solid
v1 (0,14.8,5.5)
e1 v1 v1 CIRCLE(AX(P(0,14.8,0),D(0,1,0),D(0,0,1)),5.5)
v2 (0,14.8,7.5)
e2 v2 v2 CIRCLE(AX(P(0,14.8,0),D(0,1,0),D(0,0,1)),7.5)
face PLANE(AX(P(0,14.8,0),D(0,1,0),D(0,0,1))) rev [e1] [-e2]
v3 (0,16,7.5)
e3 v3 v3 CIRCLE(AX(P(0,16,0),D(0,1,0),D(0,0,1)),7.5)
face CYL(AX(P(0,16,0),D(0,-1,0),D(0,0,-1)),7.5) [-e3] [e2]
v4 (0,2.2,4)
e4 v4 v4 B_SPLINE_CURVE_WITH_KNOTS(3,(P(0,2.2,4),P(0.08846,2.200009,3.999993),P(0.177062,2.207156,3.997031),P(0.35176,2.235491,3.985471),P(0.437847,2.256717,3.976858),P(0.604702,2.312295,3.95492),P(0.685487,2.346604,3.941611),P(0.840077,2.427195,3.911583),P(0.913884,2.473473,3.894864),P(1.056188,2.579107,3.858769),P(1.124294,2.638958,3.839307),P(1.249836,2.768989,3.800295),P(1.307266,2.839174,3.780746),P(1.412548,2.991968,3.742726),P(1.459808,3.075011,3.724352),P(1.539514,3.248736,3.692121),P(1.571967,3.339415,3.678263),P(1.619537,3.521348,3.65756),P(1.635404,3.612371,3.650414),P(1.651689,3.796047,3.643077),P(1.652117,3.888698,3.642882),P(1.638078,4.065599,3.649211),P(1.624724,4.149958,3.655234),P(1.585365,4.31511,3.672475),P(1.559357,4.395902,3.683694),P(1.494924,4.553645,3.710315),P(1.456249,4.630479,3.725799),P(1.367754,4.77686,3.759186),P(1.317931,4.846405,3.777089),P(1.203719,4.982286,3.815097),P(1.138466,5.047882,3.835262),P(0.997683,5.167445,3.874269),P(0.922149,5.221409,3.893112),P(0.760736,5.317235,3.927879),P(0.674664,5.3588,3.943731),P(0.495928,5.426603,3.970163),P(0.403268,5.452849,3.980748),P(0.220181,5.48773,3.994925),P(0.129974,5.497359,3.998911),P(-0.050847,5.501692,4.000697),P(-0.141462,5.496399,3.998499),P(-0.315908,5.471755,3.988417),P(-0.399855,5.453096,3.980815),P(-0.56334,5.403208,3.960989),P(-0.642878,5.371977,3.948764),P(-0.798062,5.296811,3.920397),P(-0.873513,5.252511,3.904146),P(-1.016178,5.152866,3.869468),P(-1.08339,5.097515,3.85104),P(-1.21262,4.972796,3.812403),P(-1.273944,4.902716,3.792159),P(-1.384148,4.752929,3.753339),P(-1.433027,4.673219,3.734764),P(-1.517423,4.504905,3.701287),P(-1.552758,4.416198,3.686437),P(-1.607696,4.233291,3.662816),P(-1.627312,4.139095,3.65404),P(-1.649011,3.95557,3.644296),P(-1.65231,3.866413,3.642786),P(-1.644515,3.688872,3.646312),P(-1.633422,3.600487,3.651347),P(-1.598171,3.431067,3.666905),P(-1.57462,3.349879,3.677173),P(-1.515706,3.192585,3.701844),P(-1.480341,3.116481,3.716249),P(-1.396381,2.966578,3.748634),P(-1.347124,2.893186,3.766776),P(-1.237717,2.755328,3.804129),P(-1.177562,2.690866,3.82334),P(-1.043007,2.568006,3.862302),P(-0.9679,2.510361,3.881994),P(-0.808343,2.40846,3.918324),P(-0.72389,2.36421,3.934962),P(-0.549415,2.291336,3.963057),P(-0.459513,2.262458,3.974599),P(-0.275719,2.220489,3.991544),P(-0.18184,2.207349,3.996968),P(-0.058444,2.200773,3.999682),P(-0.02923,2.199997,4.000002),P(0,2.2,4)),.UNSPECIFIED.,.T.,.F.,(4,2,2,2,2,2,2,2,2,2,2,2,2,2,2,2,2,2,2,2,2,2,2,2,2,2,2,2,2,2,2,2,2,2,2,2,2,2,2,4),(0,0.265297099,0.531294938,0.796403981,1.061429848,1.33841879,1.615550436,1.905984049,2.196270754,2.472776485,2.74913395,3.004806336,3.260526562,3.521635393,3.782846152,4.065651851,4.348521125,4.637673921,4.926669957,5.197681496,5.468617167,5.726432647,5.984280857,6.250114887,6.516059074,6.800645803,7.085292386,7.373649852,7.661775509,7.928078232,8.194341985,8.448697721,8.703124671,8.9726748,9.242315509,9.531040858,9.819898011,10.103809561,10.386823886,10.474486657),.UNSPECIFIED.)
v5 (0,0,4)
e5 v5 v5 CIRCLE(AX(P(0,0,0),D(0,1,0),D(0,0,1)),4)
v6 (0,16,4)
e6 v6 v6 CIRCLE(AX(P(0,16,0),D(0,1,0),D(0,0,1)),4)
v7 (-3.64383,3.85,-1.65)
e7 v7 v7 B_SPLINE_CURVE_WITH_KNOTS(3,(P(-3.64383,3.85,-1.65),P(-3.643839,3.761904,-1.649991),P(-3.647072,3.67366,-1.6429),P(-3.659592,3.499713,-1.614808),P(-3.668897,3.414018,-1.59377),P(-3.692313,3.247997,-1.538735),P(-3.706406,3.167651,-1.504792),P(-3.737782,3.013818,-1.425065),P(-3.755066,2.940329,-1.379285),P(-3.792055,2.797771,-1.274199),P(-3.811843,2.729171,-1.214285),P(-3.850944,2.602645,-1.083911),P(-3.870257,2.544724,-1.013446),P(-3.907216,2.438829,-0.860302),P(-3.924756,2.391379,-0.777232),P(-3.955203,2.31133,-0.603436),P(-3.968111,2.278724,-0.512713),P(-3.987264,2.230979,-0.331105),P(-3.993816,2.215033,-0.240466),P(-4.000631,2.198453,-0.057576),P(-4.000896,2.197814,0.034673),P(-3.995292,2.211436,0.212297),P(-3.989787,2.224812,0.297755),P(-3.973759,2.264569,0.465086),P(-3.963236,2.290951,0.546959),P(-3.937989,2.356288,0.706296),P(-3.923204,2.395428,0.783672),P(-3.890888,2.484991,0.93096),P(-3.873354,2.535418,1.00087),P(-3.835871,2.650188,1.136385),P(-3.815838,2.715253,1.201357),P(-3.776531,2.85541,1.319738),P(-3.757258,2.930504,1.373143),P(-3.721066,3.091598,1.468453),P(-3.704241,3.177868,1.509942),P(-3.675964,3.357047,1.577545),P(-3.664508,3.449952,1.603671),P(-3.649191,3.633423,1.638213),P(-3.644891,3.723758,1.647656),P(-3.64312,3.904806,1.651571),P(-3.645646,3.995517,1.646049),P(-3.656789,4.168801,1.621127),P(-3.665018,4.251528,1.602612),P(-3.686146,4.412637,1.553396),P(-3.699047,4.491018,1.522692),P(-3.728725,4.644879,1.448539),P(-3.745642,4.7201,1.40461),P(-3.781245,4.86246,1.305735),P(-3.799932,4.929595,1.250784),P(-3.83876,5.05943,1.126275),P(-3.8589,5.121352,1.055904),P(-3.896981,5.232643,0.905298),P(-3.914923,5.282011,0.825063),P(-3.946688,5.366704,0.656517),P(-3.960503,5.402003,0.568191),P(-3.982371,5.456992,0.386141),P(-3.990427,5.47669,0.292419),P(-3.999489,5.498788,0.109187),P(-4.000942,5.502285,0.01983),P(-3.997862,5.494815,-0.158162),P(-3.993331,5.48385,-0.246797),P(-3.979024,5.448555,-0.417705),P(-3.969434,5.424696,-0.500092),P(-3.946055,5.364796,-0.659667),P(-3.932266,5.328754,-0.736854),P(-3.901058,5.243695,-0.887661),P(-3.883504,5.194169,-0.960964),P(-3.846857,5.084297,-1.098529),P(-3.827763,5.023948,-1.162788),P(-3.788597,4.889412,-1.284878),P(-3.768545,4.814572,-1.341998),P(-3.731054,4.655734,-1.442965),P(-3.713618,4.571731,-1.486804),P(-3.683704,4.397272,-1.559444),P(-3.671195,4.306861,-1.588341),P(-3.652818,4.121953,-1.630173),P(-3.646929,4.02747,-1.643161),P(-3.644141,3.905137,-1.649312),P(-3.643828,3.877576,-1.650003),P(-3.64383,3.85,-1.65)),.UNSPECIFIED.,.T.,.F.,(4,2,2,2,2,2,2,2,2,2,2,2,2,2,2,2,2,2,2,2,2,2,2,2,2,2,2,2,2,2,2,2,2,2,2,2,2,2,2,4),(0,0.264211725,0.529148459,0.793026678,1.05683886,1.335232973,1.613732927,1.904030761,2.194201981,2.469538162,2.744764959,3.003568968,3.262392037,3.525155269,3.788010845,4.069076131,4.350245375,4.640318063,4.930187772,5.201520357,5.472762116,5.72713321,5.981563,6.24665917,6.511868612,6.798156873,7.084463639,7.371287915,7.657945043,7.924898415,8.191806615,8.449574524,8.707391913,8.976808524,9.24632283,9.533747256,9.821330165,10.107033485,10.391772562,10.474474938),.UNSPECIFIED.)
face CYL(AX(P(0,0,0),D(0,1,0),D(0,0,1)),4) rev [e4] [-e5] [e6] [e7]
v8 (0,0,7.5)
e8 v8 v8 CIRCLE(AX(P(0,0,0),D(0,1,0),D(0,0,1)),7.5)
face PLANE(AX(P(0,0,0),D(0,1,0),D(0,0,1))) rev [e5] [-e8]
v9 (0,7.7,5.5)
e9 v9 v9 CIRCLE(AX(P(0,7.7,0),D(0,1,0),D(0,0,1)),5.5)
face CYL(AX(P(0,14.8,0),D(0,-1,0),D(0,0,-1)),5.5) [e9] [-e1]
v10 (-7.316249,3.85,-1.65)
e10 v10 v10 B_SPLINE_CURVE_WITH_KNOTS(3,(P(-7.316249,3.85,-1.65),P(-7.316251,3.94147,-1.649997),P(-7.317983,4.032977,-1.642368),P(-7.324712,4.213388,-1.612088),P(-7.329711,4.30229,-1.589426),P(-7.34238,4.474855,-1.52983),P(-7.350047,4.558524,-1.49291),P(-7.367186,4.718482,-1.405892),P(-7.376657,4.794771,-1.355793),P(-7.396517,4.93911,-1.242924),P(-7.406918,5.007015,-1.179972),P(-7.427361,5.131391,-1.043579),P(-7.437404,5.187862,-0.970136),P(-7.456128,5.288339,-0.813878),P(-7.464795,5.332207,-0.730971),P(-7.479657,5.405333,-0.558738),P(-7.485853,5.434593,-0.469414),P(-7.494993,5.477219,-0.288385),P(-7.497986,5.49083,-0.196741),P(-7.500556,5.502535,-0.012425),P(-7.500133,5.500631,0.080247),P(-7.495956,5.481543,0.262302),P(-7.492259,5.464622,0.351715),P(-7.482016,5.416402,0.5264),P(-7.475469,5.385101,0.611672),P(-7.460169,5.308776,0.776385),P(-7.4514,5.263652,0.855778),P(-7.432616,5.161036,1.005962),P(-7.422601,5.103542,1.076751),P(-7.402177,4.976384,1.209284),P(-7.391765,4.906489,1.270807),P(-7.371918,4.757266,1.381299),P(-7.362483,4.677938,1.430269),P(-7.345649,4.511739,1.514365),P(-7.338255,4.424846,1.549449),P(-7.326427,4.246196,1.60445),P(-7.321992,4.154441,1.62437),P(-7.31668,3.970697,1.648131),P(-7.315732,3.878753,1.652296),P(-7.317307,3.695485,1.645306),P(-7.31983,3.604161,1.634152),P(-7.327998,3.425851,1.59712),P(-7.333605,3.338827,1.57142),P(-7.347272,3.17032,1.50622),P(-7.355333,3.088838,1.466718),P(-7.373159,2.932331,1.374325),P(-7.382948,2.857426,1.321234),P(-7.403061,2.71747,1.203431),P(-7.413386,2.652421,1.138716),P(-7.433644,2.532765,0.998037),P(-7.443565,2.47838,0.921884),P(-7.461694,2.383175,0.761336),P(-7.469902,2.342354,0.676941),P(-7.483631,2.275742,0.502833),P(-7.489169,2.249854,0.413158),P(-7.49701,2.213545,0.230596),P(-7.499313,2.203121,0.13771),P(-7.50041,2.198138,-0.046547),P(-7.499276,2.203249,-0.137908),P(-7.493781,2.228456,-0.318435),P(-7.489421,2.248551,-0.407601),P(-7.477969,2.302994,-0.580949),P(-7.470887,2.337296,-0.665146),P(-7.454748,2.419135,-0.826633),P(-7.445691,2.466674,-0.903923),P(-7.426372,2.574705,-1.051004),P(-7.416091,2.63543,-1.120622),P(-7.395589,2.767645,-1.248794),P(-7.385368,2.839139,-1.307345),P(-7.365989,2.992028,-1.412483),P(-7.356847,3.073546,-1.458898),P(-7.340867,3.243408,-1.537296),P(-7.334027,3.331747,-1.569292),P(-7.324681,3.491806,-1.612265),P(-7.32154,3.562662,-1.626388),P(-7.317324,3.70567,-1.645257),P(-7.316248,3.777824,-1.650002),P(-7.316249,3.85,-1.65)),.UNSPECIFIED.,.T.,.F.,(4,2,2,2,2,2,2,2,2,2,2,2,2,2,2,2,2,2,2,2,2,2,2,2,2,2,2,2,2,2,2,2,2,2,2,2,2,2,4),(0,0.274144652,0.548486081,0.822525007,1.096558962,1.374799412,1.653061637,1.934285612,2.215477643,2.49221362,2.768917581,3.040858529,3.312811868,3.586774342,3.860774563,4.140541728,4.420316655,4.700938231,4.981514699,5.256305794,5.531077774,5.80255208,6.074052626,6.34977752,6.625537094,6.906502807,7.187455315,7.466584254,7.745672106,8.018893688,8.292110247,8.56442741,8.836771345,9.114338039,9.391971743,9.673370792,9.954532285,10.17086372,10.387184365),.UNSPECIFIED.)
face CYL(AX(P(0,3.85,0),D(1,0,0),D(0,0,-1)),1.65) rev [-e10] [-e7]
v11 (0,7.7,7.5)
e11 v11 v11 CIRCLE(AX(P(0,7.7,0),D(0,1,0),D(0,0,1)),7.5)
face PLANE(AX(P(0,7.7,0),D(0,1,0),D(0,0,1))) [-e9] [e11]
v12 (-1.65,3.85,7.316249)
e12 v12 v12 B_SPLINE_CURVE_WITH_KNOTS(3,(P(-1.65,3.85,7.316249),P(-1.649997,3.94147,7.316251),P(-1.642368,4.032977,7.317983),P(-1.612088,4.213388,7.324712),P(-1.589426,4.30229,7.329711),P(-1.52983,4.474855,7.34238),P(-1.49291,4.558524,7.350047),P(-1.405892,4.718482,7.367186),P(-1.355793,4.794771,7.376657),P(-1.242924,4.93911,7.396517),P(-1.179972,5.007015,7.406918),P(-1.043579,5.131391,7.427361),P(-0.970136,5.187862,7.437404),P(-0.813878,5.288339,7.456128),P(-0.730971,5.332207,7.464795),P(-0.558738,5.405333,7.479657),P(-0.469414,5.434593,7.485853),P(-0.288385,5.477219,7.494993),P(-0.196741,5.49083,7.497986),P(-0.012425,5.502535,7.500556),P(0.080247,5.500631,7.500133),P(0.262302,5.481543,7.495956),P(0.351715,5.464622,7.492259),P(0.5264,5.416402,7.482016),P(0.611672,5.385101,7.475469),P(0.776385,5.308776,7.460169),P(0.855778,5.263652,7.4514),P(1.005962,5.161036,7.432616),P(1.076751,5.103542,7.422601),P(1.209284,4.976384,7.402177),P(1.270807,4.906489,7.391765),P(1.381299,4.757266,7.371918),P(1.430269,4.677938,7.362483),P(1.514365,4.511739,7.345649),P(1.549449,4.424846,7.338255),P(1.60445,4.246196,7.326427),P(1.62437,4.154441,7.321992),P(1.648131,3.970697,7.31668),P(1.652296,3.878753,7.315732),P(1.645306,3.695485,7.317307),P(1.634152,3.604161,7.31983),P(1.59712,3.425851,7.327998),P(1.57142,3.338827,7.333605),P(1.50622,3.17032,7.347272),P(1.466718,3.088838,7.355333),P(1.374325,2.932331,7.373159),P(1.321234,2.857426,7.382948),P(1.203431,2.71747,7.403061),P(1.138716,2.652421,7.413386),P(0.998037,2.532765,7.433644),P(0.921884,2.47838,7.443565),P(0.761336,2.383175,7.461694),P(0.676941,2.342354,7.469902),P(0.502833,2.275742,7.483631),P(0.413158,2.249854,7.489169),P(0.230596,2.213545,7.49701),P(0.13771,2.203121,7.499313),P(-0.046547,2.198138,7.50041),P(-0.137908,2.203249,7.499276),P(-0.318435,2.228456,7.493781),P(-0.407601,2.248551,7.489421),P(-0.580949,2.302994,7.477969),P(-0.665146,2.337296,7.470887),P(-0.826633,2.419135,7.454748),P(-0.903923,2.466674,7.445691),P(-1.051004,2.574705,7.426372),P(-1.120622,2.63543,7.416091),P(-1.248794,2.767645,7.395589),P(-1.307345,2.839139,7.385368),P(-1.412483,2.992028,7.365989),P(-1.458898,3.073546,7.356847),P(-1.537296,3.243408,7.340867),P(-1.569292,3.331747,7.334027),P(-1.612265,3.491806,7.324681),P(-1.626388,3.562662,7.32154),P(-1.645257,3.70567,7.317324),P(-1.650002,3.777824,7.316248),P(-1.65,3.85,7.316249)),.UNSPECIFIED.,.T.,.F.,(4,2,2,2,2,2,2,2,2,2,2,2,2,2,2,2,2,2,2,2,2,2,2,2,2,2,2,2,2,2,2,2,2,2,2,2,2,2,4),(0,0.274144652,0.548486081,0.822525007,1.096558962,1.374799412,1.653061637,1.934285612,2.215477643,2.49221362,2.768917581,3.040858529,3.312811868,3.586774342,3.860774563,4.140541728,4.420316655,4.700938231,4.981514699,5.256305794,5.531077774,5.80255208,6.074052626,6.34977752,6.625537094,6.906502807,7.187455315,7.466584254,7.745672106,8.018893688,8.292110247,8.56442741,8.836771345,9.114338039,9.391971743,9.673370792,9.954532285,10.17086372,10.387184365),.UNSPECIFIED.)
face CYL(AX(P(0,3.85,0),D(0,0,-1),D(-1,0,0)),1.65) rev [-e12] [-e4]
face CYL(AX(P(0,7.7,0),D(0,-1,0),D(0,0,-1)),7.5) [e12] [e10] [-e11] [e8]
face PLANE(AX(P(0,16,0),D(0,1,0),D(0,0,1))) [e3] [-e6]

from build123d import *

# Parameters (mm, degrees)
CROQUIS1_R              = 7.5
SALIENTE_EXTRUIR1_DEPTH = 7.7
CROQUIS2_R              = 5.5
SALIENTE_EXTRUIR2_DEPTH = 7.1
CROQUIS3_R              = 7.5
SALIENTE_EXTRUIR3_DEPTH = 1.2
CROQUIS4_R              = 4
CORTAR_EXTRUIR1_DEPTH   = 17
CROQUIS5_W              = 1.65
CROQUIS5_H              = 7.501
MATRIZC1_COUNT          = 2
MATRIZC1_ANGLE          = 90


with BuildPart() as part:
    # Croquis1 → Saliente-Extruir1 (new body)
    with BuildSketch(Plane(origin=(0, 0, 0), x_dir=(1, 0, 0), z_dir=(0, 1, 0))):
        Circle(CROQUIS1_R)
    extrude(amount=SALIENTE_EXTRUIR1_DEPTH)

    # Croquis2 → Saliente-Extruir2 (add)
    with BuildSketch(Plane(origin=(0, 7.7, 0), x_dir=(1, 0, 0), z_dir=(0, 1, 0))):
        Circle(CROQUIS2_R)
    extrude(amount=SALIENTE_EXTRUIR2_DEPTH)

    # Croquis3 → Saliente-Extruir3 (add)
    with BuildSketch(Plane(origin=(0, 14.8, 0), x_dir=(1, 0, 0), z_dir=(0, 1, 0))):
        Circle(CROQUIS3_R)
    extrude(amount=SALIENTE_EXTRUIR3_DEPTH)

    # Croquis4 → Cortar-Extruir1 (cut, through all)
    with BuildSketch(Plane(origin=(0, 16, 0), x_dir=(1, 0, 0), z_dir=(0, 1, 0))):
        Circle(CROQUIS4_R)
    extrude(amount=-CORTAR_EXTRUIR1_DEPTH, mode=Mode.SUBTRACT)

    # Croquis5 → Taladro roscado M31 (definir posicio) (revolve, cut)
    with BuildSketch(Plane(origin=(0, 3.85, 0), x_dir=(0, 1, 0), z_dir=(1, 0, 0))):
        with Locations((0.825, 3.7505)):
            Rectangle(CROQUIS5_W, CROQUIS5_H)
    taladro_roscado_m31_definir_posicio = revolve(axis=Axis((0, 3.85, -6.35), (0, 0, 1)), mode=Mode.SUBTRACT)

    # MatrizC1: Taladro roscado M31 (definir posicio) ×2 about axis
    matrizc1_axis = Axis((0, 7.7, 0), (0, -1, 0))
    for i in range(1, MATRIZC1_COUNT):
        add(taladro_roscado_m31_definir_posicio.rotate(matrizc1_axis, i * MATRIZC1_ANGLE / (MATRIZC1_COUNT - 1)), mode=Mode.SUBTRACT)


solid = part.part
